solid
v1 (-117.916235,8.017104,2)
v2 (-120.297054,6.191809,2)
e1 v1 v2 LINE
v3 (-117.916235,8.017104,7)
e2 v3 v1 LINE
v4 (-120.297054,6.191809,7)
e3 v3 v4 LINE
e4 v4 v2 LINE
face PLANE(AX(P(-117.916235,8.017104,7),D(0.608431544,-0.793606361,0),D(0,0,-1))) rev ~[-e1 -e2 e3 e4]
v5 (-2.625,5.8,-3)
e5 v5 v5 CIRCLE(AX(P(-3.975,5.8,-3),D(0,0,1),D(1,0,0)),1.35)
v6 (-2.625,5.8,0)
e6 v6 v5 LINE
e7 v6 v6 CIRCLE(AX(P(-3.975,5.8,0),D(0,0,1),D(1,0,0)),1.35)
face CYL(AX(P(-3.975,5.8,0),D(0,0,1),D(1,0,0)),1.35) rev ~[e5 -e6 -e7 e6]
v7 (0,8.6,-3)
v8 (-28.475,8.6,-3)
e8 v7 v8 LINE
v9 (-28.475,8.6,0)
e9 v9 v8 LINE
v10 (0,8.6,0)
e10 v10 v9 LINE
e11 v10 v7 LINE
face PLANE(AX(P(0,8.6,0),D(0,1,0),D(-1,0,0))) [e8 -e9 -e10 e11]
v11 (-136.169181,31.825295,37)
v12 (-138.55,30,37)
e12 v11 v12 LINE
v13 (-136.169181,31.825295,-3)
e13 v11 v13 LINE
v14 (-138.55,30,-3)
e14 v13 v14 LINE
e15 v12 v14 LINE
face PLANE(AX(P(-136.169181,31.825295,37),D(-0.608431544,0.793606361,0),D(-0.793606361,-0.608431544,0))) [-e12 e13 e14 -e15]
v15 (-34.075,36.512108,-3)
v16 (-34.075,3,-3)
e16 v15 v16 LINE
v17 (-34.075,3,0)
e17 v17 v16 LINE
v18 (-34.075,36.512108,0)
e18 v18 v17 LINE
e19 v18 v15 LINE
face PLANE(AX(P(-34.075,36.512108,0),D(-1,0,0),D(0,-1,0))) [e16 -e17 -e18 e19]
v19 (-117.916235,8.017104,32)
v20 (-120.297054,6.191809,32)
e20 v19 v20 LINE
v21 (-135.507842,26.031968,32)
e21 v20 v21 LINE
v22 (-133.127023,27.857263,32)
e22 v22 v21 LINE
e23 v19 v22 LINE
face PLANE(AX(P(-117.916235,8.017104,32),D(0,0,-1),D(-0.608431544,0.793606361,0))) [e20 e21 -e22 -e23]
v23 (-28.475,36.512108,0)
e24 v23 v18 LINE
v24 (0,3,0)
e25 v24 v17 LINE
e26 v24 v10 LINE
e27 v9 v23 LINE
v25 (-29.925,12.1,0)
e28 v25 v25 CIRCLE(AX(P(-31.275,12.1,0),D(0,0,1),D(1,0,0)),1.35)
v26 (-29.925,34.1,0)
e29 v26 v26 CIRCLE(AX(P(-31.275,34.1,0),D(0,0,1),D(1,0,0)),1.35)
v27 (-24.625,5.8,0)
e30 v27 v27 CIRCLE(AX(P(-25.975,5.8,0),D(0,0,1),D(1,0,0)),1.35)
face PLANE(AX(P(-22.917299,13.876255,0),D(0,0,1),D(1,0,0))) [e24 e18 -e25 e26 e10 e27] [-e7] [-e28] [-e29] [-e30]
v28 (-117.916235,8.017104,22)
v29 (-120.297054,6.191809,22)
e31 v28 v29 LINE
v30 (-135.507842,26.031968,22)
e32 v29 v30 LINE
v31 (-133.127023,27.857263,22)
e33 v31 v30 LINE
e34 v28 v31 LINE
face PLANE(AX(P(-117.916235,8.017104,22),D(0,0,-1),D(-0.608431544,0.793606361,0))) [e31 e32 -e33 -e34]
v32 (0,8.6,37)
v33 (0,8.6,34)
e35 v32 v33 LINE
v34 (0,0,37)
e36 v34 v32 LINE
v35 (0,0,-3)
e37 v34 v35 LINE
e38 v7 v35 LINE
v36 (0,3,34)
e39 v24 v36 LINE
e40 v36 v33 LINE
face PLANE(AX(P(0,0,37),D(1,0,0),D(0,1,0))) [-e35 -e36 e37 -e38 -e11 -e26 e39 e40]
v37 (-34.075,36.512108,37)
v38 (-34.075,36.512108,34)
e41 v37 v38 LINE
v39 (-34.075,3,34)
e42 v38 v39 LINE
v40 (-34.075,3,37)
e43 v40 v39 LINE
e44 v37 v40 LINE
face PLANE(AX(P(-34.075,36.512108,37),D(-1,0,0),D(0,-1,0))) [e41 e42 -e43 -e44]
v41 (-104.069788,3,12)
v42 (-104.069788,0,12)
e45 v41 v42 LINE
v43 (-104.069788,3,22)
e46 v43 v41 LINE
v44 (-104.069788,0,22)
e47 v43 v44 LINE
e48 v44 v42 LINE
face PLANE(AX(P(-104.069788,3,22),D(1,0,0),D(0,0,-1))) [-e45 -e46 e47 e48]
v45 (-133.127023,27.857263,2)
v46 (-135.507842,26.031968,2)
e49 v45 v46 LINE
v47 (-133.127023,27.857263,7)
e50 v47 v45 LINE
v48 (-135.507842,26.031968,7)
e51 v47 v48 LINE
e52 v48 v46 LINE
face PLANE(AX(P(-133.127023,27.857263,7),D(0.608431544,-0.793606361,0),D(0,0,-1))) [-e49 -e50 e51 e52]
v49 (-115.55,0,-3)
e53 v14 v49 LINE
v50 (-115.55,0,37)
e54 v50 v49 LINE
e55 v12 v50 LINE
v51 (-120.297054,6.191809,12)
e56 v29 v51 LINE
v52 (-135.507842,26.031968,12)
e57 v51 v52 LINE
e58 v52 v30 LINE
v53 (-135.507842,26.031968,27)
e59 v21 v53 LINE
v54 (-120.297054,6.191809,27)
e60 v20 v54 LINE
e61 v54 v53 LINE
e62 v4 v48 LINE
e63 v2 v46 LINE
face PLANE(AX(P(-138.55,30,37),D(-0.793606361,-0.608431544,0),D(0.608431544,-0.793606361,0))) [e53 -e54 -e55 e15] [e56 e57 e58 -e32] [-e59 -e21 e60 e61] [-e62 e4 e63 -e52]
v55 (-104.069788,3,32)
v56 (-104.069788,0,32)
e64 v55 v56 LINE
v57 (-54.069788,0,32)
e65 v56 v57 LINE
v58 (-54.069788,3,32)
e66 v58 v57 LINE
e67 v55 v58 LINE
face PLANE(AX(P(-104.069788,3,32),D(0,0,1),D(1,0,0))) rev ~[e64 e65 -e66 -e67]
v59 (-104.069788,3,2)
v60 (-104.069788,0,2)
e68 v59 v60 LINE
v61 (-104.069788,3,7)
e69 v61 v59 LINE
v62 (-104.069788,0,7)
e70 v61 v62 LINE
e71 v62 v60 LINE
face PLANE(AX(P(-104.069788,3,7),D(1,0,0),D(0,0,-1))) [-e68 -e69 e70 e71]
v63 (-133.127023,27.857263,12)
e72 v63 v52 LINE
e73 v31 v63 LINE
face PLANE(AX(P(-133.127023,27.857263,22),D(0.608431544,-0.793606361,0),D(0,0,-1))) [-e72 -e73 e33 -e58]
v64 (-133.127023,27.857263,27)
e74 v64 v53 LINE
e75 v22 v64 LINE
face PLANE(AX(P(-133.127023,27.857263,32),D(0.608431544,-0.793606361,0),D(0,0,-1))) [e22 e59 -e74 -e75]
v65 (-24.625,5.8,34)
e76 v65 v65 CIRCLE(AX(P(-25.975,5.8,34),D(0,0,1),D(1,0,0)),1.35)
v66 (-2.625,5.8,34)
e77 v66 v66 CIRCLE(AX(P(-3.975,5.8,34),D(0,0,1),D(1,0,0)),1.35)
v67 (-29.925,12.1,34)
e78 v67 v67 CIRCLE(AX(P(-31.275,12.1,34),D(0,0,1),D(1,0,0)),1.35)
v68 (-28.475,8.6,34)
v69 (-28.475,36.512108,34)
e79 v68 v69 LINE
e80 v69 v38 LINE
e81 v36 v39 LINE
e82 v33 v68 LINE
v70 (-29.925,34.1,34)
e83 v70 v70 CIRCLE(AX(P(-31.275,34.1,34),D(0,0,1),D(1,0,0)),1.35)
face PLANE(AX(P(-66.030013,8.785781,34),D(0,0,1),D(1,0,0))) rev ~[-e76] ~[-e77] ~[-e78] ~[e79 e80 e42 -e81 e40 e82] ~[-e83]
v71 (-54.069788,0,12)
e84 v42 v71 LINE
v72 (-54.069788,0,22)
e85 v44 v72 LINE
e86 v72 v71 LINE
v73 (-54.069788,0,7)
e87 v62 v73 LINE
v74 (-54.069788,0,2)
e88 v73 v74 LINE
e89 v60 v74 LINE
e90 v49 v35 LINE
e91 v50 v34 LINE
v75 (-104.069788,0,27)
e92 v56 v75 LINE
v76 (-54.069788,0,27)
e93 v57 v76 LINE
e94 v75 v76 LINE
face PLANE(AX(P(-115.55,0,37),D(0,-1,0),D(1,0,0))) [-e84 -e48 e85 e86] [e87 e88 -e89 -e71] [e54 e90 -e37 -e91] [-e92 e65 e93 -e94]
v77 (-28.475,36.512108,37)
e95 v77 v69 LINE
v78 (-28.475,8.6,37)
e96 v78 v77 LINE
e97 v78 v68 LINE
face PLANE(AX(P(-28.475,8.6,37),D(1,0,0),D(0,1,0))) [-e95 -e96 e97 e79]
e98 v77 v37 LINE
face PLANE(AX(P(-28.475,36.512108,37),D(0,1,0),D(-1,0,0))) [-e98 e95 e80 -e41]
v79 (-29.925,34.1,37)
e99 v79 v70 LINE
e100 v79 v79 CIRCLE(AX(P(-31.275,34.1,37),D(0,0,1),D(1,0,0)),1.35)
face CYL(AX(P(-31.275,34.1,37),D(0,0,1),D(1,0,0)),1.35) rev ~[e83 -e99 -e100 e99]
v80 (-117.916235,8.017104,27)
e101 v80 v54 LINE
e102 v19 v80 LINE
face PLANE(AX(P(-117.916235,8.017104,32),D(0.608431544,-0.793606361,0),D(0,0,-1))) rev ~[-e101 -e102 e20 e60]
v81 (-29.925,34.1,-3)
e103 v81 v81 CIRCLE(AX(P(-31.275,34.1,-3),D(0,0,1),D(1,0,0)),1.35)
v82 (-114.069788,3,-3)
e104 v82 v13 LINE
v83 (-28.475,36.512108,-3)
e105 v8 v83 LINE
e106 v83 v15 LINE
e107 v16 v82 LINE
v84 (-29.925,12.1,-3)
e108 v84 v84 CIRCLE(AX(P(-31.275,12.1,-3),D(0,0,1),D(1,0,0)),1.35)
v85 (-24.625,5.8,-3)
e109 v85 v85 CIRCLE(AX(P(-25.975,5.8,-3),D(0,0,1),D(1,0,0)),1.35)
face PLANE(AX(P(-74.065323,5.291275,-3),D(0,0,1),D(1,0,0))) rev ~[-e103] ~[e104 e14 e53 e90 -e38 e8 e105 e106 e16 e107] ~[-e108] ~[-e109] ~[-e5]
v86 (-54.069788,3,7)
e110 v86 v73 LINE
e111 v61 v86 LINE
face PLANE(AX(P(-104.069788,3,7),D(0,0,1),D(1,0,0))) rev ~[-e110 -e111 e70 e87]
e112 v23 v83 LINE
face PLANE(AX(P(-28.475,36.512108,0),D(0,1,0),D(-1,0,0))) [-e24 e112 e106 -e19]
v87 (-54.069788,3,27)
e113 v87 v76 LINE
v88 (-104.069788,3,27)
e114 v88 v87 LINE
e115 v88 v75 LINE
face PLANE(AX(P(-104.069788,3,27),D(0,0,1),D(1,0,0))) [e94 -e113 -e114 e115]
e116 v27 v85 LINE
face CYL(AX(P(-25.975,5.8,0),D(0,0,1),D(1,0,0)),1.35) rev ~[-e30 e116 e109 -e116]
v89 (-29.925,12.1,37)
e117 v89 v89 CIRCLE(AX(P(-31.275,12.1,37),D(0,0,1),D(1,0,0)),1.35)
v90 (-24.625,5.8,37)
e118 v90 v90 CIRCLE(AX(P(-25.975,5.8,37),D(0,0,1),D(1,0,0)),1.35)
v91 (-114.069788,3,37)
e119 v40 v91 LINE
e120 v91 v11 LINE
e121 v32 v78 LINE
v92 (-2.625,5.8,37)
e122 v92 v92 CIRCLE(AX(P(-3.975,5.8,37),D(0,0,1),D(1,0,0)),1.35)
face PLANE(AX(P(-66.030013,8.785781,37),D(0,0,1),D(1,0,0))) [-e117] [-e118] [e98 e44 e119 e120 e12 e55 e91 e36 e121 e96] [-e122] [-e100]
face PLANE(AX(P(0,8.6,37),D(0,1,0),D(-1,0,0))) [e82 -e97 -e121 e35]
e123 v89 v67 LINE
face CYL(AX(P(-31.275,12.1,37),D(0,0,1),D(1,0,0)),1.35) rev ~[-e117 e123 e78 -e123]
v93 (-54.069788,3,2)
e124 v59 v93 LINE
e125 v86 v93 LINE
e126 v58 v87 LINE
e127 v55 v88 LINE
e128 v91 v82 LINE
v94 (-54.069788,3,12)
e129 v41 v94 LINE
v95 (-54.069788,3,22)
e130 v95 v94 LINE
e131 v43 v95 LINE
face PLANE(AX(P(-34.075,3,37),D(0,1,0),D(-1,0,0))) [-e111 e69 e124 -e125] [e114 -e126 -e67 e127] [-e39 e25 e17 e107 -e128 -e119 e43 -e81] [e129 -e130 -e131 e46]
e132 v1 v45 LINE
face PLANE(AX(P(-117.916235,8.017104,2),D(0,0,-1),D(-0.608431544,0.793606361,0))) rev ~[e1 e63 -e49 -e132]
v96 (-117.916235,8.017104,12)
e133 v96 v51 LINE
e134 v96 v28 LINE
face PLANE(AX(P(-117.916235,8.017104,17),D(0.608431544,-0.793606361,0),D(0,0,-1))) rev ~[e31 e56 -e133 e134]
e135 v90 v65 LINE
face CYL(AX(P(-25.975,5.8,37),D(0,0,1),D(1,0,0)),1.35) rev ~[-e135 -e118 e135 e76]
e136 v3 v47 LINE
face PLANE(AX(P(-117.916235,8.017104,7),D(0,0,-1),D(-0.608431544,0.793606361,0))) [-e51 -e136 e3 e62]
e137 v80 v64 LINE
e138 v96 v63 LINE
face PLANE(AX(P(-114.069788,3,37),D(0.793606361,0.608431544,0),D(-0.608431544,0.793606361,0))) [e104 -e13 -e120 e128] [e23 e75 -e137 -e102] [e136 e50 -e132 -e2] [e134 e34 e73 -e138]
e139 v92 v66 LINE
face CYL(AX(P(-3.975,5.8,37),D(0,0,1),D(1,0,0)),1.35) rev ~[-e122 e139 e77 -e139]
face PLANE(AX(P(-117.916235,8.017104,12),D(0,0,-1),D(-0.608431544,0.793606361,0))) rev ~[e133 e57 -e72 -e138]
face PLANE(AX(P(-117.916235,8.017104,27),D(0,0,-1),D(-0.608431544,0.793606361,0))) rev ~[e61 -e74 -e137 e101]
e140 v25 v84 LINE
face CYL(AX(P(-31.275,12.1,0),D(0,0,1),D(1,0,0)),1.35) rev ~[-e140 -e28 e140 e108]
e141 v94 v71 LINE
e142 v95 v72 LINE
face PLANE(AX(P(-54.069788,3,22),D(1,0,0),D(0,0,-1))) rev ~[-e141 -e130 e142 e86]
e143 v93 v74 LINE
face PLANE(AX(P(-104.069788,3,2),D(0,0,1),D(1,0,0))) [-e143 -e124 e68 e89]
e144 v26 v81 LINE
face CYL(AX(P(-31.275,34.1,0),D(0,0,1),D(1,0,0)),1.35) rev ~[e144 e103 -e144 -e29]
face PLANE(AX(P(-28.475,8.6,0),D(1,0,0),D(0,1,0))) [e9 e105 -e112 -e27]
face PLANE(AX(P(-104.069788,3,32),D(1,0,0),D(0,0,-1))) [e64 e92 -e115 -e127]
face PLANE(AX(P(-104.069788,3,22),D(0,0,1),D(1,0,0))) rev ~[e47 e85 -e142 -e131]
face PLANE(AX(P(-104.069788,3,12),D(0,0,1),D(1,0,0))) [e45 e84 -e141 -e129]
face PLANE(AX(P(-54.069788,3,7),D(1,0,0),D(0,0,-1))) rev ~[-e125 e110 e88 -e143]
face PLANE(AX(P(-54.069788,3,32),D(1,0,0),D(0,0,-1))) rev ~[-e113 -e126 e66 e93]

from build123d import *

# Parameters (mm, degrees)
BOSS_EXTRUDE1_DEPTH = 34
BOSS_EXTRUDE4_START = -34
SKETCH2_R           = 1.35
BOSS_EXTRUDE4_DEPTH = 3
BOSS_EXTRUDE5_START = 3
SKETCH3_R           = 1.35
BOSS_EXTRUDE5_DEPTH = 3
CUT_EXTRUDE1_REACH  = 149.269
SKETCH4_W           = 50
SKETCH4_H           = 5
SKETCH4_H_2         = 10
CUT_EXTRUDE3_REACH  = 122.462
SKETCH5_W           = 5
SKETCH5_H           = 25


with BuildPart() as part:
    # Sketch1 → Boss-Extrude1 (new body)
    with BuildSketch(Plane.XY):
        Polygon((-115.55, 0), (0, 0), (0, 3), (-114.069788366, 3), (-136.169180916, 31.825294631), (-138.55, 30), align=None)
    extrude(amount=BOSS_EXTRUDE1_DEPTH)

    # Sketch2 → Boss-Extrude4 (add)
    # profile 1 of 3: a face of its own
    with BuildSketch(Plane.XY.offset(34).offset(BOSS_EXTRUDE4_START)):
        Polygon((0, 3), (-114.069788366, 3), (-136.169180916, 31.825294631), (-138.55, 30), (-115.55, 0), (0, 0), align=None)
    # profile 2 of 3: a face of its own
    with BuildSketch(Plane.XY.offset(34).offset(BOSS_EXTRUDE4_START)):
        Polygon((-34.075, 36.51210805), (-34.075, 3), (0, 3), (0, 8.6), (-28.475, 8.6), (-28.475, 36.51210805), align=None)
        with Locations((-25.975, 5.8)):
            Circle(SKETCH2_R, mode=Mode.SUBTRACT)
        with Locations((-3.975, 5.8)):
            Circle(SKETCH2_R, mode=Mode.SUBTRACT)
        with Locations((-31.275, 12.1)):
            Circle(SKETCH2_R, mode=Mode.SUBTRACT)
        with Locations((-31.275, 34.1)):
            Circle(SKETCH2_R, mode=Mode.SUBTRACT)
    # profile 3 of 3: a face of its own
    with BuildSketch(Plane.XY.offset(34).offset(BOSS_EXTRUDE4_START)):
        Polygon((-104.069788366, 3), (-114.069788366, 3), (-136.169180916, 31.825294631), (-138.55, 30), (-115.55, 0), (0, 0), (0, 3), (-34.075, 3), (-100.504119084, 3), align=None)
    extrude(amount=-BOSS_EXTRUDE4_DEPTH)

    # Sketch3 → Boss-Extrude5 (add)
    with BuildSketch(Plane.XY.offset(34).offset(BOSS_EXTRUDE5_START)):
        Polygon((0, 0), (0, 3), (0, 8.6), (-28.475, 8.6), (-28.475, 36.51210805), (-34.075, 36.51210805), (-34.075, 3), (-114.069788366, 3), (-136.169180916, 31.825294631), (-138.55, 30), (-115.55, 0), align=None)
        with Locations((-31.275, 34.1)):
            Circle(SKETCH3_R, mode=Mode.SUBTRACT)
        with Locations((-31.275, 12.1)):
            Circle(SKETCH3_R, mode=Mode.SUBTRACT)
        with Locations((-25.975, 5.8)):
            Circle(SKETCH3_R, mode=Mode.SUBTRACT)
        with Locations((-3.975, 5.8)):
            Circle(SKETCH3_R, mode=Mode.SUBTRACT)
    extrude(amount=-BOSS_EXTRUDE5_DEPTH)

    # Sketch4 → Cut-Extrude1 (cut, up to next)
    with BuildSketch(Plane(origin=(0, 3, 0), x_dir=(1, 0, 0), z_dir=(0, 1, 0)), mode=Mode.PRIVATE) as cut_extrude1_sk1:
        with Locations((-79.069788366, -4.5)):
            Rectangle(SKETCH4_W, SKETCH4_H)
    cut_extrude1_tool1 = extrude(cut_extrude1_sk1.sketch, amount=-CUT_EXTRUDE1_REACH, mode=Mode.PRIVATE) & part.part
    # Sketch4 → Cut-Extrude1 (cut, up to next)
    with BuildSketch(Plane(origin=(0, 3, 0), x_dir=(1, 0, 0), z_dir=(0, 1, 0)), mode=Mode.PRIVATE) as cut_extrude1_sk2:
        with Locations((-79.069788366, -29.5)):
            Rectangle(SKETCH4_W, SKETCH4_H)
    cut_extrude1_tool2 = extrude(cut_extrude1_sk2.sketch, amount=-CUT_EXTRUDE1_REACH, mode=Mode.PRIVATE) & part.part
    # Sketch4 → Cut-Extrude1 (cut, up to next)
    with BuildSketch(Plane(origin=(0, 3, 0), x_dir=(1, 0, 0), z_dir=(0, 1, 0)), mode=Mode.PRIVATE) as cut_extrude1_sk3:
        with Locations((-79.069788366, -17)):
            Rectangle(SKETCH4_W, SKETCH4_H_2)
    cut_extrude1_tool3 = extrude(cut_extrude1_sk3.sketch, amount=-CUT_EXTRUDE1_REACH, mode=Mode.PRIVATE) & part.part
    add(cut_extrude1_tool1.solids().sort_by_distance((-79.069788, 3, 4.5))[0], mode=Mode.SUBTRACT)
    add(cut_extrude1_tool2.solids().sort_by_distance((-79.069788, 3, 29.5))[0], mode=Mode.SUBTRACT)
    add(cut_extrude1_tool3.solids().sort_by_distance((-79.069788, 3, 17))[0], mode=Mode.SUBTRACT)

    # Sketch5 → Cut-Extrude3 (cut, up to next)
    with BuildSketch(Plane(origin=(-70.393848516, -53.968617195, 0), x_dir=(0, 0, -1), z_dir=(0.7936063612919156, 0.6084315436571361, 0)), mode=Mode.PRIVATE) as cut_extrude3_sk1:
        with Locations((-19.5, 90.606381212)):
            Rectangle(SKETCH5_W, SKETCH5_H)
    cut_extrude3_tool1 = extrude(cut_extrude3_sk1.sketch, amount=-CUT_EXTRUDE3_REACH, mode=Mode.PRIVATE) & part.part
    # Sketch5 → Cut-Extrude3 (cut, up to next)
    with BuildSketch(Plane(origin=(-70.393848516, -53.968617195, 0), x_dir=(0, 0, -1), z_dir=(0.7936063612919156, 0.6084315436571361, 0)), mode=Mode.PRIVATE) as cut_extrude3_sk2:
        with Locations((-14.5, 90.606381212)):
            Rectangle(SKETCH5_W, SKETCH5_H)
    cut_extrude3_tool2 = extrude(cut_extrude3_sk2.sketch, amount=-CUT_EXTRUDE3_REACH, mode=Mode.PRIVATE) & part.part
    # Sketch5 → Cut-Extrude3 (cut, up to next)
    with BuildSketch(Plane(origin=(-70.393848516, -53.968617195, 0), x_dir=(0, 0, -1), z_dir=(0.7936063612919156, 0.6084315436571361, 0)), mode=Mode.PRIVATE) as cut_extrude3_sk3:
        with Locations((-4.5, 90.606381212)):
            Rectangle(SKETCH5_W, SKETCH5_H)
    cut_extrude3_tool3 = extrude(cut_extrude3_sk3.sketch, amount=-CUT_EXTRUDE3_REACH, mode=Mode.PRIVATE) & part.part
    # Sketch5 → Cut-Extrude3 (cut, up to next)
    with BuildSketch(Plane(origin=(-70.393848516, -53.968617195, 0), x_dir=(0, 0, -1), z_dir=(0.7936063612919156, 0.6084315436571361, 0)), mode=Mode.PRIVATE) as cut_extrude3_sk4:
        with Locations((-29.5, 90.606381212)):
            Rectangle(SKETCH5_W, SKETCH5_H)
    cut_extrude3_tool4 = extrude(cut_extrude3_sk4.sketch, amount=-CUT_EXTRUDE3_REACH, mode=Mode.PRIVATE) & part.part
    add(cut_extrude3_tool1.solids().sort_by_distance((-125.521629, 17.937183, 19.5))[0], mode=Mode.SUBTRACT)
    add(cut_extrude3_tool2.solids().sort_by_distance((-125.521629, 17.937183, 14.5))[0], mode=Mode.SUBTRACT)
    add(cut_extrude3_tool3.solids().sort_by_distance((-125.521629, 17.937183, 4.5))[0], mode=Mode.SUBTRACT)
    add(cut_extrude3_tool4.solids().sort_by_distance((-125.521629, 17.937183, 29.5))[0], mode=Mode.SUBTRACT)


solid = part.part
